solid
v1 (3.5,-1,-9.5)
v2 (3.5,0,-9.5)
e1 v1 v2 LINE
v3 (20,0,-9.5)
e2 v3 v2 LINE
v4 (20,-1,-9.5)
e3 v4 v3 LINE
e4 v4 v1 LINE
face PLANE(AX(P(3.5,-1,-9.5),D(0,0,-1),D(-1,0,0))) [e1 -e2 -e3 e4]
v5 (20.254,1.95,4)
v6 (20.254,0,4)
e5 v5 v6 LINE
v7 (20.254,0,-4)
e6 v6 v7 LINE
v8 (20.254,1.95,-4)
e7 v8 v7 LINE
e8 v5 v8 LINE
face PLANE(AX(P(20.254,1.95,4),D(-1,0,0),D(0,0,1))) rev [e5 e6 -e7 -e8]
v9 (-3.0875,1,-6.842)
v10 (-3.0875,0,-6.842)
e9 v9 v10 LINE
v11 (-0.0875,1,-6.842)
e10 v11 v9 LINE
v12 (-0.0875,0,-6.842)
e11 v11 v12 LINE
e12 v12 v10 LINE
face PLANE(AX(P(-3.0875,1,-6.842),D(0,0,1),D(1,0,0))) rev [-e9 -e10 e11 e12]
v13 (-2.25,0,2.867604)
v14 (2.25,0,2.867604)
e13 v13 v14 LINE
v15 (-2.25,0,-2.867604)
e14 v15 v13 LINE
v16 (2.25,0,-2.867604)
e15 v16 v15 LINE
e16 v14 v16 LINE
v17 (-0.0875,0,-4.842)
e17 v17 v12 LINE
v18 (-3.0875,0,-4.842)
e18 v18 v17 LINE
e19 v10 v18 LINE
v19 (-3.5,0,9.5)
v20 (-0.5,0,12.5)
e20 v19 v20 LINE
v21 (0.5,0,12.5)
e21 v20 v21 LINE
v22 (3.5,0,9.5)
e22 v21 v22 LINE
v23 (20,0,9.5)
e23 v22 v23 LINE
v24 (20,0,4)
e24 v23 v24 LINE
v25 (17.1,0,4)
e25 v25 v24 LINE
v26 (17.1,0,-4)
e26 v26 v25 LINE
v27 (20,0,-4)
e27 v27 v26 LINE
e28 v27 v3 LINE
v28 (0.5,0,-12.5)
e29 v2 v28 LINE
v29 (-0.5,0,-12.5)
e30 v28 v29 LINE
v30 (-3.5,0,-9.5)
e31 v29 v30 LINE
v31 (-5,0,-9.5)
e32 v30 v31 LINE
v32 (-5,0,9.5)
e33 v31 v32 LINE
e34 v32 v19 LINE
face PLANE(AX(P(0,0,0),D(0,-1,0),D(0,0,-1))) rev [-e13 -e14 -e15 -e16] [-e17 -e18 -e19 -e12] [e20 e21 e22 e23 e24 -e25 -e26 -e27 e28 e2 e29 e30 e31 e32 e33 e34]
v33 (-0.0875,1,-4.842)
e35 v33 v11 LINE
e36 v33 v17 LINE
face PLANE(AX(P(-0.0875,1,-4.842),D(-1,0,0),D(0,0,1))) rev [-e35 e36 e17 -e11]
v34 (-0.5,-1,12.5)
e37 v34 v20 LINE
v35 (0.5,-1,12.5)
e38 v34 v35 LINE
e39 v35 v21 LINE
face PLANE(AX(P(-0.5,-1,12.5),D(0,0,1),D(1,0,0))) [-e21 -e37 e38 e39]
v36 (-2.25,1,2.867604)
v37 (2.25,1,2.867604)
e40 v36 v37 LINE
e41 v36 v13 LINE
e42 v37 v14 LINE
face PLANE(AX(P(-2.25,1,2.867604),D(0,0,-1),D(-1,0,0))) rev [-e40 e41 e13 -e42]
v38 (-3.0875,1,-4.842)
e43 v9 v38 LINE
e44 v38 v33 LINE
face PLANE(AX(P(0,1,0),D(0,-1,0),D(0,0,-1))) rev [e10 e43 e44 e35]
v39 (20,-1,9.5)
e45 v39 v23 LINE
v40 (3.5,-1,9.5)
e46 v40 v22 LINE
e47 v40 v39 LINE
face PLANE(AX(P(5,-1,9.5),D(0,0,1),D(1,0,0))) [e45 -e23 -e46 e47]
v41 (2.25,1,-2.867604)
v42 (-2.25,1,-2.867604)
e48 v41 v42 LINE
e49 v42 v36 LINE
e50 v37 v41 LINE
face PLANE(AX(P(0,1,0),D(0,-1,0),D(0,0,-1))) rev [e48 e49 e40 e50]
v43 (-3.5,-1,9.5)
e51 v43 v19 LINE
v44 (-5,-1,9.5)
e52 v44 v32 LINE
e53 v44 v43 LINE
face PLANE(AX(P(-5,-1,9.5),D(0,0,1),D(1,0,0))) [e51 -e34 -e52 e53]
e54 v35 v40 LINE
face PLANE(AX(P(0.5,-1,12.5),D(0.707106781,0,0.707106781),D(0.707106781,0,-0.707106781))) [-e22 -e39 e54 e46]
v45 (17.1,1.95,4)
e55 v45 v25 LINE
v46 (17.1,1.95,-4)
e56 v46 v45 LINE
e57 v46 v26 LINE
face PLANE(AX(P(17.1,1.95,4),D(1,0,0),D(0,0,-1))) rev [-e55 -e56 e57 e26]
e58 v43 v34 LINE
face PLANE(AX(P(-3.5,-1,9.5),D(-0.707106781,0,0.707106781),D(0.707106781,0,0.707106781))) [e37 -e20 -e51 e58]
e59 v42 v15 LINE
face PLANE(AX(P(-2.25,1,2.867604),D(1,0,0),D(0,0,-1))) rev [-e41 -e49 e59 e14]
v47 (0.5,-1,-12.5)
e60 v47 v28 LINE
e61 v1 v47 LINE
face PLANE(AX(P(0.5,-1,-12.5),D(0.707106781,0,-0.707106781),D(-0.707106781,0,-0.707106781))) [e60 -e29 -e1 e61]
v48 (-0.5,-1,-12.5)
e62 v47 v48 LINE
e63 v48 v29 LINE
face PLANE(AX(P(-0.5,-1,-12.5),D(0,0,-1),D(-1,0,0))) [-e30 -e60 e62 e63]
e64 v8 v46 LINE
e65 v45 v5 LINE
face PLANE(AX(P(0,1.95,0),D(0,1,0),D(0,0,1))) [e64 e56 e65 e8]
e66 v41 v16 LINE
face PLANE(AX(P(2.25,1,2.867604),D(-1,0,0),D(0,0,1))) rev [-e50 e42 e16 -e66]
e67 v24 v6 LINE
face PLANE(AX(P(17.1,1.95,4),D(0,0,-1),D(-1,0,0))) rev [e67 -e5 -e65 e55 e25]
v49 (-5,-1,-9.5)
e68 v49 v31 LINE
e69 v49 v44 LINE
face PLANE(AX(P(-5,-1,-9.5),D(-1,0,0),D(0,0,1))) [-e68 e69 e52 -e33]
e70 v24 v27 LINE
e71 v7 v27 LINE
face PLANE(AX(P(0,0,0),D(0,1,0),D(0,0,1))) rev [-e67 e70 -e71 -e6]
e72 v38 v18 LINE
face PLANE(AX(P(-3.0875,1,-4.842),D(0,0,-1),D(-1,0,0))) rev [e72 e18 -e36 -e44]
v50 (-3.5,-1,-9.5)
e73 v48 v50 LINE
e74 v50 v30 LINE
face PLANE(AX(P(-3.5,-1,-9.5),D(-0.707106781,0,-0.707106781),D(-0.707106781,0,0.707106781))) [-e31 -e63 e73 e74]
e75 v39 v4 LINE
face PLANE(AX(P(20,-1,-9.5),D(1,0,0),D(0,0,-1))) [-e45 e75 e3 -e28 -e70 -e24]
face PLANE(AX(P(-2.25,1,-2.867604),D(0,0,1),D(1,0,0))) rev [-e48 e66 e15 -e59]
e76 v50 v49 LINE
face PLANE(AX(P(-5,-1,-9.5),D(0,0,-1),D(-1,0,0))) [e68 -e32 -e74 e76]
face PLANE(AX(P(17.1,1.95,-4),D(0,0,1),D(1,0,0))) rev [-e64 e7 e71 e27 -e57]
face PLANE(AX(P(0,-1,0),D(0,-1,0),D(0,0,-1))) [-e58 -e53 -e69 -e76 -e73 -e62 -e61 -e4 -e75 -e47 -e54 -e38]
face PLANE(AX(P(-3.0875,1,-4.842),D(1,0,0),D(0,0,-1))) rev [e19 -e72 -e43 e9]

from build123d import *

# Parameters (mm, degrees)
BOSS_EXTRUDE1_DEPTH = 1.000000032
SKETCH2_W           = 4.49999989
SKETCH2_H           = 5.735208424
SKETCH2_W_2         = 3
SKETCH2_H_2         = 2
BOSS_EXTRUDE2_DEPTH = 1
SKETCH3_W           = 3.154000042
SKETCH3_H           = 8.000000002
BOSS_EXTRUDE3_DEPTH = 1.94999991


with BuildPart() as part:
    # Sketch1 → Boss-Extrude1 (new body)
    with BuildSketch(Plane(origin=(0, 0, 0), x_dir=(1, 0, 0), z_dir=(0, 1, 0))):
        Polygon((-3.499999985, 9.50000005), (-0.499999889, 12.500000146), (0.499999889, 12.500000146), (3.499999985, 9.50000005), (4.999999906, 9.50000005), (20.000000132, 9.50000005), (20.000000132, -9.50000005), (4.999999906, -9.50000005), (3.499999985, -9.50000005), (0.499999889, -12.500000146), (-0.499999889, -12.500000146), (-3.499999985, -9.50000005), (-4.999999906, -9.50000005), (-4.999999906, 9.50000005), align=None)
    extrude(amount=-BOSS_EXTRUDE1_DEPTH)

    # Sketch2 → Boss-Extrude2 (add)
    with BuildSketch(Plane(origin=(0, 0, 0), x_dir=(1, 0, 0), z_dir=(0, 1, 0))):
        Rectangle(SKETCH2_W, SKETCH2_H)
        with Locations((-1.5875, 5.842)):
            Rectangle(SKETCH2_W_2, SKETCH2_H_2)
    extrude(amount=BOSS_EXTRUDE2_DEPTH)

    # Sketch3 → Boss-Extrude3 (add)
    with BuildSketch(Plane(origin=(0, 0, 0), x_dir=(1, 0, 0), z_dir=(0, 1, 0))):
        with Locations((18.677000111, 0)):
            Rectangle(SKETCH3_W, SKETCH3_H)
    extrude(amount=BOSS_EXTRUDE3_DEPTH)


solid = part.part
